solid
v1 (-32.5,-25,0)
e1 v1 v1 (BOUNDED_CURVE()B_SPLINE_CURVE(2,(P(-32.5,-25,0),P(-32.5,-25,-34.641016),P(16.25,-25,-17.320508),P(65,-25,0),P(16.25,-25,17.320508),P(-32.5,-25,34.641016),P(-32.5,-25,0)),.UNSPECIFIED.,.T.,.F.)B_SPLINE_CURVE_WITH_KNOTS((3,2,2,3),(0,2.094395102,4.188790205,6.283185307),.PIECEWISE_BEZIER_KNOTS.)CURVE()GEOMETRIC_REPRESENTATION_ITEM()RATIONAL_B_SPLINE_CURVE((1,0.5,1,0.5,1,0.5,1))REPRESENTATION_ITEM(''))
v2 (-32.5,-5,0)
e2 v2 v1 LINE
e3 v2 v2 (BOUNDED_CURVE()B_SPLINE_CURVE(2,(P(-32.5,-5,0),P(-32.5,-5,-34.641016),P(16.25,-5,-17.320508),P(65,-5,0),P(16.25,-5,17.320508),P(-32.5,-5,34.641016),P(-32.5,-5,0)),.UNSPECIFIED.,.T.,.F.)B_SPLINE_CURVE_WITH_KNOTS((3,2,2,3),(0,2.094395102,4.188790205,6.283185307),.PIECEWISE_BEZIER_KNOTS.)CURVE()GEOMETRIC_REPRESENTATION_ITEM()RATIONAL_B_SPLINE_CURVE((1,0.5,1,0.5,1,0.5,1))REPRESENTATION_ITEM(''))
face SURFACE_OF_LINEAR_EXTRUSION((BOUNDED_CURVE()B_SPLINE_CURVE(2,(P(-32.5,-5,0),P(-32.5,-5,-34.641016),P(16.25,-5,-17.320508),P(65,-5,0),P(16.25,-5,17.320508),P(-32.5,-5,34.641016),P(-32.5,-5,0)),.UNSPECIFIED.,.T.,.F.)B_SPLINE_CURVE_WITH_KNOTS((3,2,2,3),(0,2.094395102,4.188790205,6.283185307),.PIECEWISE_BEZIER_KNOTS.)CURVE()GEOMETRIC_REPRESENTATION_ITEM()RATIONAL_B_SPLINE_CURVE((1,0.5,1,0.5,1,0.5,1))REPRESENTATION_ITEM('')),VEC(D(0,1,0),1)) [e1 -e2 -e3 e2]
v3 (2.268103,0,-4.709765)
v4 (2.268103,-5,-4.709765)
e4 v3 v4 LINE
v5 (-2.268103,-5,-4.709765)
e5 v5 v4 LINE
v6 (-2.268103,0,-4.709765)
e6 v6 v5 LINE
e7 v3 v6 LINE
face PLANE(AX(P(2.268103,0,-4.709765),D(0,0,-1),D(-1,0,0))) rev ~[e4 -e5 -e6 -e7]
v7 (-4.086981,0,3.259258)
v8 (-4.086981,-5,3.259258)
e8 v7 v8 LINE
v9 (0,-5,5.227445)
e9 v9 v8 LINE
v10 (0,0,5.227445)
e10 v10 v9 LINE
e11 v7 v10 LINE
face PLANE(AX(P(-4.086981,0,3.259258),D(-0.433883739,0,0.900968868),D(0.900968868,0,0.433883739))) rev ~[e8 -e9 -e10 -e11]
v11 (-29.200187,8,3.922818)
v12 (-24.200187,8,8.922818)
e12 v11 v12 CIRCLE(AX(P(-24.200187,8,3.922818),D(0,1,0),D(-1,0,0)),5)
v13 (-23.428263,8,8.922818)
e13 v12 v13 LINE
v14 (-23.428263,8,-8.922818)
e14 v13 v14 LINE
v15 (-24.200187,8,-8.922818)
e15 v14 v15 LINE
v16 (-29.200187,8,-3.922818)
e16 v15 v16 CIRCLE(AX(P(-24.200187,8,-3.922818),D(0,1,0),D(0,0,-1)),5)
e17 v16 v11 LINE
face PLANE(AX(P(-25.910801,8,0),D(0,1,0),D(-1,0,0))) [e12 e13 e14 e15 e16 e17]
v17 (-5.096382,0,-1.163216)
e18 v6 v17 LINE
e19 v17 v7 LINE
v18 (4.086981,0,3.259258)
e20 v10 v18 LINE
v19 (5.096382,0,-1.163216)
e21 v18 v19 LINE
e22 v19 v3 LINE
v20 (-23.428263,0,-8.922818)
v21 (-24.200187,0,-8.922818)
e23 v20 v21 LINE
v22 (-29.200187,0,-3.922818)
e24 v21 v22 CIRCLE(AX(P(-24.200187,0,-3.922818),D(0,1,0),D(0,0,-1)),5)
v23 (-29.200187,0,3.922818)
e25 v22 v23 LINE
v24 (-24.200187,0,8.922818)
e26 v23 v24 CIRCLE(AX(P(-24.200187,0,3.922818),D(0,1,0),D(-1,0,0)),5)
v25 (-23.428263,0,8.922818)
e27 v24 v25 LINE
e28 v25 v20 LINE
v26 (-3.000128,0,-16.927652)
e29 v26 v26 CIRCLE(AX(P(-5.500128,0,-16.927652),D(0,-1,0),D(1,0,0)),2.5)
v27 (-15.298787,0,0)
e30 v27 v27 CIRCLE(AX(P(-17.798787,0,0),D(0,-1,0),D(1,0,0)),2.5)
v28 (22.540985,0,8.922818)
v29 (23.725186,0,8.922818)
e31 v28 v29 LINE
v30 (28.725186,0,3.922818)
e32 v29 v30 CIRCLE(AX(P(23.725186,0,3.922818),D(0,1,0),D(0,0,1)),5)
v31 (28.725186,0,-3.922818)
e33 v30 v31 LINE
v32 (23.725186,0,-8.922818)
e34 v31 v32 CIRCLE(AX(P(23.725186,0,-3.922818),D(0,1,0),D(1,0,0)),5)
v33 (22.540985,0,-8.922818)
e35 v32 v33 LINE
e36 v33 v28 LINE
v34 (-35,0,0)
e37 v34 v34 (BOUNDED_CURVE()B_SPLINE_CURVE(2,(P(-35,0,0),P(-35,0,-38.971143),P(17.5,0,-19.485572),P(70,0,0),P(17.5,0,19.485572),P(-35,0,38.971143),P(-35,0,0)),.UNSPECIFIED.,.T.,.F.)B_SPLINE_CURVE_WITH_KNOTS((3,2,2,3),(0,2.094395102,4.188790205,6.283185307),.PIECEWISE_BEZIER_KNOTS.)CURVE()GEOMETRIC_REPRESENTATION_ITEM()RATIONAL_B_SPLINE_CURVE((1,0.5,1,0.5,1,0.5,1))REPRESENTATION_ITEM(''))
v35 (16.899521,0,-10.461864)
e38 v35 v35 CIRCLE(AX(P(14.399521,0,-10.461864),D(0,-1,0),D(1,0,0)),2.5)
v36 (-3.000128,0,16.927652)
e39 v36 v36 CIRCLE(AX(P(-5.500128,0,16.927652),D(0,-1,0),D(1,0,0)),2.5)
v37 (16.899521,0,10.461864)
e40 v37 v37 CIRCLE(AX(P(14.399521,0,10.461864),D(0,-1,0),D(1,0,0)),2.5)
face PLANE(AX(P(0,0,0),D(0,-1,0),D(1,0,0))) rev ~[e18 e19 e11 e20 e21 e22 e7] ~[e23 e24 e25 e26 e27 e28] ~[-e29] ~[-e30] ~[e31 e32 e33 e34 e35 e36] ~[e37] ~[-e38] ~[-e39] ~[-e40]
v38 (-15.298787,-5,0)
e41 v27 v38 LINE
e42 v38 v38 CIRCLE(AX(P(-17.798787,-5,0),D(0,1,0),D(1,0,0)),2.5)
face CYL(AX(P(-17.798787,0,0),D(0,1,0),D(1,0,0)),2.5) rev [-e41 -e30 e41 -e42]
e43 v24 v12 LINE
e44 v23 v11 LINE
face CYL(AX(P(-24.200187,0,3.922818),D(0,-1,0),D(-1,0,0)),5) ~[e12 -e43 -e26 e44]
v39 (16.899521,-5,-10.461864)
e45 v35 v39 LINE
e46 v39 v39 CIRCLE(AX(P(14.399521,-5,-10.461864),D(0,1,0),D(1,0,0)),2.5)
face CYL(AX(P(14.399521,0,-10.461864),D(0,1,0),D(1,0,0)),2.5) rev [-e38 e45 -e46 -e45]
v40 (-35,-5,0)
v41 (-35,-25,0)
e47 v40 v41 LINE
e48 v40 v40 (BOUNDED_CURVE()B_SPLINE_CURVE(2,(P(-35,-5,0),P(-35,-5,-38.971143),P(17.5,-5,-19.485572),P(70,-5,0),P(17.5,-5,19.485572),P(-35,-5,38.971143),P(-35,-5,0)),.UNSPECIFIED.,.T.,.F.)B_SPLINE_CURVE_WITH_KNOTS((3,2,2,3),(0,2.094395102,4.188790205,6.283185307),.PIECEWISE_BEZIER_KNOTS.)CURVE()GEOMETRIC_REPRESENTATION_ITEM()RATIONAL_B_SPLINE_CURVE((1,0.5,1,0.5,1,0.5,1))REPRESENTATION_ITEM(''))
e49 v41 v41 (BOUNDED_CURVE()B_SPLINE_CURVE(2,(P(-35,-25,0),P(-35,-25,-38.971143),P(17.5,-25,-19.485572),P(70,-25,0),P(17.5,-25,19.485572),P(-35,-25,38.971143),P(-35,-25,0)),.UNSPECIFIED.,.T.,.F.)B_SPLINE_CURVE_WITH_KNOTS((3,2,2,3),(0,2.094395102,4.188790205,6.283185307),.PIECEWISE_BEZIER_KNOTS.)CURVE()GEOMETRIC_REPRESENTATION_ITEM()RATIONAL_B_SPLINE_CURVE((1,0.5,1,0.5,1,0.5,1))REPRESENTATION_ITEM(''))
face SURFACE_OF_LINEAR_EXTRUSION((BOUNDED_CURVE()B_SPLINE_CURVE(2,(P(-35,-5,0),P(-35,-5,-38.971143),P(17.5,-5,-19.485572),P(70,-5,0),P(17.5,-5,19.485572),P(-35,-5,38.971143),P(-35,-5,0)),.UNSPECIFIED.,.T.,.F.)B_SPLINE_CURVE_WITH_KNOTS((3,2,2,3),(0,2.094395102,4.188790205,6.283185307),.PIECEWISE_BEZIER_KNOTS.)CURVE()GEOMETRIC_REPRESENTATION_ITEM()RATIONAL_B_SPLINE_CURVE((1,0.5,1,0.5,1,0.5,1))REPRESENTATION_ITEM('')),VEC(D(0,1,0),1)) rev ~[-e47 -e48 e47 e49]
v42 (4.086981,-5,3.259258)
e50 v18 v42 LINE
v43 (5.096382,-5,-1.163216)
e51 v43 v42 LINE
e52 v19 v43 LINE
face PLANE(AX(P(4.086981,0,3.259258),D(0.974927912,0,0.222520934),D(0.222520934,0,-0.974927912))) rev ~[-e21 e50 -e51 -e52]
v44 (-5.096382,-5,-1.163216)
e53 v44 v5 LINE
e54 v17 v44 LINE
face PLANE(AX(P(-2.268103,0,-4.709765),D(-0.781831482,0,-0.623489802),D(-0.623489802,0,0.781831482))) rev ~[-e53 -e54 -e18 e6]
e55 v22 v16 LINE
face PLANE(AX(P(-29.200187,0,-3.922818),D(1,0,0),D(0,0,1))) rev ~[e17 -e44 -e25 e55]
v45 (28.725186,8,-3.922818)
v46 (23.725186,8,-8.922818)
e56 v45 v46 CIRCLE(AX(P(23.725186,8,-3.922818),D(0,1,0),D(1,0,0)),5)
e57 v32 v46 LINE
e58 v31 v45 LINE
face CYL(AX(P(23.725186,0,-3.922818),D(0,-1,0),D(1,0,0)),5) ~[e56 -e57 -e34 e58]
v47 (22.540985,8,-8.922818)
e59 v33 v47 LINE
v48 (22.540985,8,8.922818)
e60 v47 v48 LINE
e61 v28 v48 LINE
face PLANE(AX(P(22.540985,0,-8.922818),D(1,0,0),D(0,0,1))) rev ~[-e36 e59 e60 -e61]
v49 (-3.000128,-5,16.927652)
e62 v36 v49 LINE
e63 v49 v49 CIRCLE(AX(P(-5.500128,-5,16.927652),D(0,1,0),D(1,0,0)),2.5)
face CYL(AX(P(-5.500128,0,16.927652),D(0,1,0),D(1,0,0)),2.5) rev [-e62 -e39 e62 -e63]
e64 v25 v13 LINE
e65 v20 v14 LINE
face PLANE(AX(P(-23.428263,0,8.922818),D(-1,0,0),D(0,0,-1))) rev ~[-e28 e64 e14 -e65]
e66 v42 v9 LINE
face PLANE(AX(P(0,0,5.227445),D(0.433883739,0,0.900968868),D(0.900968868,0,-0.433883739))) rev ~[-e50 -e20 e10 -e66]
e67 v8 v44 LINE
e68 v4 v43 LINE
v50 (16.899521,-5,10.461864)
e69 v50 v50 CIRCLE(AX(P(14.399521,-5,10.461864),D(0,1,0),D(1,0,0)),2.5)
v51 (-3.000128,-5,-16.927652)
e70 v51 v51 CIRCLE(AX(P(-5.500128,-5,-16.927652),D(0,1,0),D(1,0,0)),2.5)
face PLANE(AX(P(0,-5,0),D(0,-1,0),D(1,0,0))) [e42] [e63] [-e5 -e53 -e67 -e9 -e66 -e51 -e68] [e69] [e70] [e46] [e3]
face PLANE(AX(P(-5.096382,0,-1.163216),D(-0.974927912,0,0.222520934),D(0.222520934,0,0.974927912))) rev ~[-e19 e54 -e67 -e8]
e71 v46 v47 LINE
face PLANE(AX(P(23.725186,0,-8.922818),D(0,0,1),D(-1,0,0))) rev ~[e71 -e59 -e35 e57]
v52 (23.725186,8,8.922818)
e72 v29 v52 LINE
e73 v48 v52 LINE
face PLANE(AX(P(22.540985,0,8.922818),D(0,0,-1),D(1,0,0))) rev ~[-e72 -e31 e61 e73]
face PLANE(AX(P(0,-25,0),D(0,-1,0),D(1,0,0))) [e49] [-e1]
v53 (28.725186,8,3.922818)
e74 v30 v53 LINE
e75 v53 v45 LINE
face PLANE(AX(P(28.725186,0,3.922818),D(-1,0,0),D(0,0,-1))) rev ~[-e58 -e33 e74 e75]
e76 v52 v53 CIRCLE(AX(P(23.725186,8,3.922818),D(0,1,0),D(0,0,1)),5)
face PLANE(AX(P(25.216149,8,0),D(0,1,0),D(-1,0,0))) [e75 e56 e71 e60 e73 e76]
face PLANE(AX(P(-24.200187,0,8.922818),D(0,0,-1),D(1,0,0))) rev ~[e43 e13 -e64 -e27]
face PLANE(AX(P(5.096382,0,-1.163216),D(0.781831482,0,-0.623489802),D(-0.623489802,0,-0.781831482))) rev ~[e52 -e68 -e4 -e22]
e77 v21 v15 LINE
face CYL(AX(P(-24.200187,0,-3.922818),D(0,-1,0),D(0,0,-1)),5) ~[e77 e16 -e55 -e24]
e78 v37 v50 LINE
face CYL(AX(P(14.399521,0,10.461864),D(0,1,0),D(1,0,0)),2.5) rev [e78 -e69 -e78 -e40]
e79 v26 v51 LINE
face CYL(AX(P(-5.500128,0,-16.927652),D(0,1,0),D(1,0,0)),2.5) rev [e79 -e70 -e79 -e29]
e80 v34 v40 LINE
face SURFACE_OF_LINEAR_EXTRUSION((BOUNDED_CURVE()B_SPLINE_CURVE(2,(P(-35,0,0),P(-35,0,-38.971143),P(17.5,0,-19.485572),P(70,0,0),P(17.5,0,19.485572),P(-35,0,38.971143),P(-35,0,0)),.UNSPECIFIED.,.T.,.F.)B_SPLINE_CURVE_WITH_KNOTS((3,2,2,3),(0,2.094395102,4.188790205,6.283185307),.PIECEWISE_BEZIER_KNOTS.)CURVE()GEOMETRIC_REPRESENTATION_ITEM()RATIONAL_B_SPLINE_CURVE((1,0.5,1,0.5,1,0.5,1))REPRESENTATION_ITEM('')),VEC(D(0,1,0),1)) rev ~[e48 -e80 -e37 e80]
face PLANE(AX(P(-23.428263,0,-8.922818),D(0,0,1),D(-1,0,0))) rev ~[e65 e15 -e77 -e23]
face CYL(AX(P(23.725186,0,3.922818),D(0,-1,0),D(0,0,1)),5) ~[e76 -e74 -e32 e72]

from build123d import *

# Parameters (mm, degrees)
F1_DEPTH  = 5
F3_DEPTH  = 20
F4_R      = 2.5
F6_DEPTH  = 25.0010001
F8_DEPTH  = 25.0010001
F10_DEPTH = 8


with BuildPart() as f1:
    # F0 (on Front) → F1 (new body)
    with BuildSketch(Plane.XZ):
        with BuildLine():
            add(Edge.make_bspline(
                [(-35, 0), (-35, -38.9711431703), (17.5, -19.4855715851), (70, 0), (17.5, 19.4855715851), (-35, 38.9711431703), (-35, 0)],
                knots=[0, 0, 0, 2.0943951024, 2.0943951024, 4.1887902048, 4.1887902048, 6.2831853072, 6.2831853072, 6.2831853072], degree=2, weights=[1, 0.5, 1, 0.5, 1, 0.5, 1]))
        make_face()
    extrude(amount=F1_DEPTH)

    # F2 (on face) → F3 (join)
    with BuildSketch(Plane.XZ.offset(5)):
        with BuildLine():
            add(Edge.make_bspline(
                [(-35, 0), (-35, -38.9711431703), (17.5, -19.4855715851), (70, 0), (17.5, 19.4855715851), (-35, 38.9711431703), (-35, 0)],
                knots=[0, 0, 0, 2.0943951024, 2.0943951024, 4.1887902048, 4.1887902048, 6.2831853072, 6.2831853072, 6.2831853072], degree=2, weights=[1, 0.5, 1, 0.5, 1, 0.5, 1]))
        make_face()
        with BuildLine():
            add(Edge.make_bspline(
                [(-32.5, 0), (-32.5, -34.6410161514), (16.25, -17.3205080757), (65, 0), (16.25, 17.3205080757), (-32.5, 34.6410161514), (-32.5, 0)],
                knots=[0, 0, 0, 2.0943951024, 2.0943951024, 4.1887902048, 4.1887902048, 6.2831853072, 6.2831853072, 6.2831853072], degree=2, weights=[1, 0.5, 1, 0.5, 1, 0.5, 1]))
        make_face(mode=Mode.SUBTRACT)
    extrude(amount=F3_DEPTH)

    # F4 (on Front) → F6 (cut, through all)
    with BuildSketch(Plane.XZ):
        with Locations((-5.500127657, -16.9276523422)):
            Circle(F4_R)
        with Locations((14.3995211484, -10.4618644972)):
            Circle(F4_R)
        with Locations((14.3995211484, 10.4618644972)):
            Circle(F4_R)
        with Locations((-5.500127657, 16.9276523422)):
            Circle(F4_R)
        with Locations((-17.7987869829, 0)):
            Circle(F4_R)
    extrude(amount=F6_DEPTH, mode=Mode.SUBTRACT)

    # F7 (on face) → F8 (cut, through all)
    with BuildSketch(Plane(origin=(0, 0, 0), x_dir=(-1, 0, 0), z_dir=(0, 1, 0))):
        Polygon((-2.268103212, -4.7097648494), (2.268103212, -4.7097648494), (5.0963816565, -1.1632158561), (4.0869807664, 3.2592584021), (0, 5.2274446068), (-4.0869807664, 3.2592584021), (-5.0963816565, -1.1632158561), align=None)
    extrude(amount=-F8_DEPTH, mode=Mode.SUBTRACT)

    # F9 (on face) → F10 (join)
    with BuildSketch(Plane(origin=(0, 0, 0), x_dir=(-1, 0, 0), z_dir=(0, 1, 0))):
        with BuildLine():
            Line((-22.5409846753, 8.9228181168), (-23.7251863629, 8.9228181168))
            ThreePointArc((-23.7251863629, 8.9228181168), (-27.2607202688, 7.4583520228), (-28.7251863629, 3.9228181168))
            Line((-28.7251863629, 3.9228181168), (-28.7251863629, -3.9228181168))
            ThreePointArc((-28.7251863629, -3.9228181168), (-27.2607202688, -7.4583520228), (-23.7251863629, -8.9228181168))
            Line((-23.7251863629, -8.9228181168), (-22.5409846753, -8.9228181168))
            Line((-22.5409846753, -8.9228181168), (-22.5409846753, 8.9228181168))
        make_face()
        with BuildLine():
            Line((24.2001869529, 8.9228181168), (23.4282631427, 8.9228181168))
            Line((23.4282631427, 8.9228181168), (23.4282631427, -8.9228181168))
            Line((23.4282631427, -8.9228181168), (24.2001869529, -8.9228181168))
            ThreePointArc((24.2001869529, -8.9228181168), (27.7357208589, -7.4583520228), (29.2001869529, -3.9228181168))
            Line((29.2001869529, -3.9228181168), (29.2001869529, 3.9228181168))
            ThreePointArc((29.2001869529, 3.9228181168), (27.7357208589, 7.4583520228), (24.2001869529, 8.9228181168))
        make_face()
    extrude(amount=F10_DEPTH)


solid = f1.part
